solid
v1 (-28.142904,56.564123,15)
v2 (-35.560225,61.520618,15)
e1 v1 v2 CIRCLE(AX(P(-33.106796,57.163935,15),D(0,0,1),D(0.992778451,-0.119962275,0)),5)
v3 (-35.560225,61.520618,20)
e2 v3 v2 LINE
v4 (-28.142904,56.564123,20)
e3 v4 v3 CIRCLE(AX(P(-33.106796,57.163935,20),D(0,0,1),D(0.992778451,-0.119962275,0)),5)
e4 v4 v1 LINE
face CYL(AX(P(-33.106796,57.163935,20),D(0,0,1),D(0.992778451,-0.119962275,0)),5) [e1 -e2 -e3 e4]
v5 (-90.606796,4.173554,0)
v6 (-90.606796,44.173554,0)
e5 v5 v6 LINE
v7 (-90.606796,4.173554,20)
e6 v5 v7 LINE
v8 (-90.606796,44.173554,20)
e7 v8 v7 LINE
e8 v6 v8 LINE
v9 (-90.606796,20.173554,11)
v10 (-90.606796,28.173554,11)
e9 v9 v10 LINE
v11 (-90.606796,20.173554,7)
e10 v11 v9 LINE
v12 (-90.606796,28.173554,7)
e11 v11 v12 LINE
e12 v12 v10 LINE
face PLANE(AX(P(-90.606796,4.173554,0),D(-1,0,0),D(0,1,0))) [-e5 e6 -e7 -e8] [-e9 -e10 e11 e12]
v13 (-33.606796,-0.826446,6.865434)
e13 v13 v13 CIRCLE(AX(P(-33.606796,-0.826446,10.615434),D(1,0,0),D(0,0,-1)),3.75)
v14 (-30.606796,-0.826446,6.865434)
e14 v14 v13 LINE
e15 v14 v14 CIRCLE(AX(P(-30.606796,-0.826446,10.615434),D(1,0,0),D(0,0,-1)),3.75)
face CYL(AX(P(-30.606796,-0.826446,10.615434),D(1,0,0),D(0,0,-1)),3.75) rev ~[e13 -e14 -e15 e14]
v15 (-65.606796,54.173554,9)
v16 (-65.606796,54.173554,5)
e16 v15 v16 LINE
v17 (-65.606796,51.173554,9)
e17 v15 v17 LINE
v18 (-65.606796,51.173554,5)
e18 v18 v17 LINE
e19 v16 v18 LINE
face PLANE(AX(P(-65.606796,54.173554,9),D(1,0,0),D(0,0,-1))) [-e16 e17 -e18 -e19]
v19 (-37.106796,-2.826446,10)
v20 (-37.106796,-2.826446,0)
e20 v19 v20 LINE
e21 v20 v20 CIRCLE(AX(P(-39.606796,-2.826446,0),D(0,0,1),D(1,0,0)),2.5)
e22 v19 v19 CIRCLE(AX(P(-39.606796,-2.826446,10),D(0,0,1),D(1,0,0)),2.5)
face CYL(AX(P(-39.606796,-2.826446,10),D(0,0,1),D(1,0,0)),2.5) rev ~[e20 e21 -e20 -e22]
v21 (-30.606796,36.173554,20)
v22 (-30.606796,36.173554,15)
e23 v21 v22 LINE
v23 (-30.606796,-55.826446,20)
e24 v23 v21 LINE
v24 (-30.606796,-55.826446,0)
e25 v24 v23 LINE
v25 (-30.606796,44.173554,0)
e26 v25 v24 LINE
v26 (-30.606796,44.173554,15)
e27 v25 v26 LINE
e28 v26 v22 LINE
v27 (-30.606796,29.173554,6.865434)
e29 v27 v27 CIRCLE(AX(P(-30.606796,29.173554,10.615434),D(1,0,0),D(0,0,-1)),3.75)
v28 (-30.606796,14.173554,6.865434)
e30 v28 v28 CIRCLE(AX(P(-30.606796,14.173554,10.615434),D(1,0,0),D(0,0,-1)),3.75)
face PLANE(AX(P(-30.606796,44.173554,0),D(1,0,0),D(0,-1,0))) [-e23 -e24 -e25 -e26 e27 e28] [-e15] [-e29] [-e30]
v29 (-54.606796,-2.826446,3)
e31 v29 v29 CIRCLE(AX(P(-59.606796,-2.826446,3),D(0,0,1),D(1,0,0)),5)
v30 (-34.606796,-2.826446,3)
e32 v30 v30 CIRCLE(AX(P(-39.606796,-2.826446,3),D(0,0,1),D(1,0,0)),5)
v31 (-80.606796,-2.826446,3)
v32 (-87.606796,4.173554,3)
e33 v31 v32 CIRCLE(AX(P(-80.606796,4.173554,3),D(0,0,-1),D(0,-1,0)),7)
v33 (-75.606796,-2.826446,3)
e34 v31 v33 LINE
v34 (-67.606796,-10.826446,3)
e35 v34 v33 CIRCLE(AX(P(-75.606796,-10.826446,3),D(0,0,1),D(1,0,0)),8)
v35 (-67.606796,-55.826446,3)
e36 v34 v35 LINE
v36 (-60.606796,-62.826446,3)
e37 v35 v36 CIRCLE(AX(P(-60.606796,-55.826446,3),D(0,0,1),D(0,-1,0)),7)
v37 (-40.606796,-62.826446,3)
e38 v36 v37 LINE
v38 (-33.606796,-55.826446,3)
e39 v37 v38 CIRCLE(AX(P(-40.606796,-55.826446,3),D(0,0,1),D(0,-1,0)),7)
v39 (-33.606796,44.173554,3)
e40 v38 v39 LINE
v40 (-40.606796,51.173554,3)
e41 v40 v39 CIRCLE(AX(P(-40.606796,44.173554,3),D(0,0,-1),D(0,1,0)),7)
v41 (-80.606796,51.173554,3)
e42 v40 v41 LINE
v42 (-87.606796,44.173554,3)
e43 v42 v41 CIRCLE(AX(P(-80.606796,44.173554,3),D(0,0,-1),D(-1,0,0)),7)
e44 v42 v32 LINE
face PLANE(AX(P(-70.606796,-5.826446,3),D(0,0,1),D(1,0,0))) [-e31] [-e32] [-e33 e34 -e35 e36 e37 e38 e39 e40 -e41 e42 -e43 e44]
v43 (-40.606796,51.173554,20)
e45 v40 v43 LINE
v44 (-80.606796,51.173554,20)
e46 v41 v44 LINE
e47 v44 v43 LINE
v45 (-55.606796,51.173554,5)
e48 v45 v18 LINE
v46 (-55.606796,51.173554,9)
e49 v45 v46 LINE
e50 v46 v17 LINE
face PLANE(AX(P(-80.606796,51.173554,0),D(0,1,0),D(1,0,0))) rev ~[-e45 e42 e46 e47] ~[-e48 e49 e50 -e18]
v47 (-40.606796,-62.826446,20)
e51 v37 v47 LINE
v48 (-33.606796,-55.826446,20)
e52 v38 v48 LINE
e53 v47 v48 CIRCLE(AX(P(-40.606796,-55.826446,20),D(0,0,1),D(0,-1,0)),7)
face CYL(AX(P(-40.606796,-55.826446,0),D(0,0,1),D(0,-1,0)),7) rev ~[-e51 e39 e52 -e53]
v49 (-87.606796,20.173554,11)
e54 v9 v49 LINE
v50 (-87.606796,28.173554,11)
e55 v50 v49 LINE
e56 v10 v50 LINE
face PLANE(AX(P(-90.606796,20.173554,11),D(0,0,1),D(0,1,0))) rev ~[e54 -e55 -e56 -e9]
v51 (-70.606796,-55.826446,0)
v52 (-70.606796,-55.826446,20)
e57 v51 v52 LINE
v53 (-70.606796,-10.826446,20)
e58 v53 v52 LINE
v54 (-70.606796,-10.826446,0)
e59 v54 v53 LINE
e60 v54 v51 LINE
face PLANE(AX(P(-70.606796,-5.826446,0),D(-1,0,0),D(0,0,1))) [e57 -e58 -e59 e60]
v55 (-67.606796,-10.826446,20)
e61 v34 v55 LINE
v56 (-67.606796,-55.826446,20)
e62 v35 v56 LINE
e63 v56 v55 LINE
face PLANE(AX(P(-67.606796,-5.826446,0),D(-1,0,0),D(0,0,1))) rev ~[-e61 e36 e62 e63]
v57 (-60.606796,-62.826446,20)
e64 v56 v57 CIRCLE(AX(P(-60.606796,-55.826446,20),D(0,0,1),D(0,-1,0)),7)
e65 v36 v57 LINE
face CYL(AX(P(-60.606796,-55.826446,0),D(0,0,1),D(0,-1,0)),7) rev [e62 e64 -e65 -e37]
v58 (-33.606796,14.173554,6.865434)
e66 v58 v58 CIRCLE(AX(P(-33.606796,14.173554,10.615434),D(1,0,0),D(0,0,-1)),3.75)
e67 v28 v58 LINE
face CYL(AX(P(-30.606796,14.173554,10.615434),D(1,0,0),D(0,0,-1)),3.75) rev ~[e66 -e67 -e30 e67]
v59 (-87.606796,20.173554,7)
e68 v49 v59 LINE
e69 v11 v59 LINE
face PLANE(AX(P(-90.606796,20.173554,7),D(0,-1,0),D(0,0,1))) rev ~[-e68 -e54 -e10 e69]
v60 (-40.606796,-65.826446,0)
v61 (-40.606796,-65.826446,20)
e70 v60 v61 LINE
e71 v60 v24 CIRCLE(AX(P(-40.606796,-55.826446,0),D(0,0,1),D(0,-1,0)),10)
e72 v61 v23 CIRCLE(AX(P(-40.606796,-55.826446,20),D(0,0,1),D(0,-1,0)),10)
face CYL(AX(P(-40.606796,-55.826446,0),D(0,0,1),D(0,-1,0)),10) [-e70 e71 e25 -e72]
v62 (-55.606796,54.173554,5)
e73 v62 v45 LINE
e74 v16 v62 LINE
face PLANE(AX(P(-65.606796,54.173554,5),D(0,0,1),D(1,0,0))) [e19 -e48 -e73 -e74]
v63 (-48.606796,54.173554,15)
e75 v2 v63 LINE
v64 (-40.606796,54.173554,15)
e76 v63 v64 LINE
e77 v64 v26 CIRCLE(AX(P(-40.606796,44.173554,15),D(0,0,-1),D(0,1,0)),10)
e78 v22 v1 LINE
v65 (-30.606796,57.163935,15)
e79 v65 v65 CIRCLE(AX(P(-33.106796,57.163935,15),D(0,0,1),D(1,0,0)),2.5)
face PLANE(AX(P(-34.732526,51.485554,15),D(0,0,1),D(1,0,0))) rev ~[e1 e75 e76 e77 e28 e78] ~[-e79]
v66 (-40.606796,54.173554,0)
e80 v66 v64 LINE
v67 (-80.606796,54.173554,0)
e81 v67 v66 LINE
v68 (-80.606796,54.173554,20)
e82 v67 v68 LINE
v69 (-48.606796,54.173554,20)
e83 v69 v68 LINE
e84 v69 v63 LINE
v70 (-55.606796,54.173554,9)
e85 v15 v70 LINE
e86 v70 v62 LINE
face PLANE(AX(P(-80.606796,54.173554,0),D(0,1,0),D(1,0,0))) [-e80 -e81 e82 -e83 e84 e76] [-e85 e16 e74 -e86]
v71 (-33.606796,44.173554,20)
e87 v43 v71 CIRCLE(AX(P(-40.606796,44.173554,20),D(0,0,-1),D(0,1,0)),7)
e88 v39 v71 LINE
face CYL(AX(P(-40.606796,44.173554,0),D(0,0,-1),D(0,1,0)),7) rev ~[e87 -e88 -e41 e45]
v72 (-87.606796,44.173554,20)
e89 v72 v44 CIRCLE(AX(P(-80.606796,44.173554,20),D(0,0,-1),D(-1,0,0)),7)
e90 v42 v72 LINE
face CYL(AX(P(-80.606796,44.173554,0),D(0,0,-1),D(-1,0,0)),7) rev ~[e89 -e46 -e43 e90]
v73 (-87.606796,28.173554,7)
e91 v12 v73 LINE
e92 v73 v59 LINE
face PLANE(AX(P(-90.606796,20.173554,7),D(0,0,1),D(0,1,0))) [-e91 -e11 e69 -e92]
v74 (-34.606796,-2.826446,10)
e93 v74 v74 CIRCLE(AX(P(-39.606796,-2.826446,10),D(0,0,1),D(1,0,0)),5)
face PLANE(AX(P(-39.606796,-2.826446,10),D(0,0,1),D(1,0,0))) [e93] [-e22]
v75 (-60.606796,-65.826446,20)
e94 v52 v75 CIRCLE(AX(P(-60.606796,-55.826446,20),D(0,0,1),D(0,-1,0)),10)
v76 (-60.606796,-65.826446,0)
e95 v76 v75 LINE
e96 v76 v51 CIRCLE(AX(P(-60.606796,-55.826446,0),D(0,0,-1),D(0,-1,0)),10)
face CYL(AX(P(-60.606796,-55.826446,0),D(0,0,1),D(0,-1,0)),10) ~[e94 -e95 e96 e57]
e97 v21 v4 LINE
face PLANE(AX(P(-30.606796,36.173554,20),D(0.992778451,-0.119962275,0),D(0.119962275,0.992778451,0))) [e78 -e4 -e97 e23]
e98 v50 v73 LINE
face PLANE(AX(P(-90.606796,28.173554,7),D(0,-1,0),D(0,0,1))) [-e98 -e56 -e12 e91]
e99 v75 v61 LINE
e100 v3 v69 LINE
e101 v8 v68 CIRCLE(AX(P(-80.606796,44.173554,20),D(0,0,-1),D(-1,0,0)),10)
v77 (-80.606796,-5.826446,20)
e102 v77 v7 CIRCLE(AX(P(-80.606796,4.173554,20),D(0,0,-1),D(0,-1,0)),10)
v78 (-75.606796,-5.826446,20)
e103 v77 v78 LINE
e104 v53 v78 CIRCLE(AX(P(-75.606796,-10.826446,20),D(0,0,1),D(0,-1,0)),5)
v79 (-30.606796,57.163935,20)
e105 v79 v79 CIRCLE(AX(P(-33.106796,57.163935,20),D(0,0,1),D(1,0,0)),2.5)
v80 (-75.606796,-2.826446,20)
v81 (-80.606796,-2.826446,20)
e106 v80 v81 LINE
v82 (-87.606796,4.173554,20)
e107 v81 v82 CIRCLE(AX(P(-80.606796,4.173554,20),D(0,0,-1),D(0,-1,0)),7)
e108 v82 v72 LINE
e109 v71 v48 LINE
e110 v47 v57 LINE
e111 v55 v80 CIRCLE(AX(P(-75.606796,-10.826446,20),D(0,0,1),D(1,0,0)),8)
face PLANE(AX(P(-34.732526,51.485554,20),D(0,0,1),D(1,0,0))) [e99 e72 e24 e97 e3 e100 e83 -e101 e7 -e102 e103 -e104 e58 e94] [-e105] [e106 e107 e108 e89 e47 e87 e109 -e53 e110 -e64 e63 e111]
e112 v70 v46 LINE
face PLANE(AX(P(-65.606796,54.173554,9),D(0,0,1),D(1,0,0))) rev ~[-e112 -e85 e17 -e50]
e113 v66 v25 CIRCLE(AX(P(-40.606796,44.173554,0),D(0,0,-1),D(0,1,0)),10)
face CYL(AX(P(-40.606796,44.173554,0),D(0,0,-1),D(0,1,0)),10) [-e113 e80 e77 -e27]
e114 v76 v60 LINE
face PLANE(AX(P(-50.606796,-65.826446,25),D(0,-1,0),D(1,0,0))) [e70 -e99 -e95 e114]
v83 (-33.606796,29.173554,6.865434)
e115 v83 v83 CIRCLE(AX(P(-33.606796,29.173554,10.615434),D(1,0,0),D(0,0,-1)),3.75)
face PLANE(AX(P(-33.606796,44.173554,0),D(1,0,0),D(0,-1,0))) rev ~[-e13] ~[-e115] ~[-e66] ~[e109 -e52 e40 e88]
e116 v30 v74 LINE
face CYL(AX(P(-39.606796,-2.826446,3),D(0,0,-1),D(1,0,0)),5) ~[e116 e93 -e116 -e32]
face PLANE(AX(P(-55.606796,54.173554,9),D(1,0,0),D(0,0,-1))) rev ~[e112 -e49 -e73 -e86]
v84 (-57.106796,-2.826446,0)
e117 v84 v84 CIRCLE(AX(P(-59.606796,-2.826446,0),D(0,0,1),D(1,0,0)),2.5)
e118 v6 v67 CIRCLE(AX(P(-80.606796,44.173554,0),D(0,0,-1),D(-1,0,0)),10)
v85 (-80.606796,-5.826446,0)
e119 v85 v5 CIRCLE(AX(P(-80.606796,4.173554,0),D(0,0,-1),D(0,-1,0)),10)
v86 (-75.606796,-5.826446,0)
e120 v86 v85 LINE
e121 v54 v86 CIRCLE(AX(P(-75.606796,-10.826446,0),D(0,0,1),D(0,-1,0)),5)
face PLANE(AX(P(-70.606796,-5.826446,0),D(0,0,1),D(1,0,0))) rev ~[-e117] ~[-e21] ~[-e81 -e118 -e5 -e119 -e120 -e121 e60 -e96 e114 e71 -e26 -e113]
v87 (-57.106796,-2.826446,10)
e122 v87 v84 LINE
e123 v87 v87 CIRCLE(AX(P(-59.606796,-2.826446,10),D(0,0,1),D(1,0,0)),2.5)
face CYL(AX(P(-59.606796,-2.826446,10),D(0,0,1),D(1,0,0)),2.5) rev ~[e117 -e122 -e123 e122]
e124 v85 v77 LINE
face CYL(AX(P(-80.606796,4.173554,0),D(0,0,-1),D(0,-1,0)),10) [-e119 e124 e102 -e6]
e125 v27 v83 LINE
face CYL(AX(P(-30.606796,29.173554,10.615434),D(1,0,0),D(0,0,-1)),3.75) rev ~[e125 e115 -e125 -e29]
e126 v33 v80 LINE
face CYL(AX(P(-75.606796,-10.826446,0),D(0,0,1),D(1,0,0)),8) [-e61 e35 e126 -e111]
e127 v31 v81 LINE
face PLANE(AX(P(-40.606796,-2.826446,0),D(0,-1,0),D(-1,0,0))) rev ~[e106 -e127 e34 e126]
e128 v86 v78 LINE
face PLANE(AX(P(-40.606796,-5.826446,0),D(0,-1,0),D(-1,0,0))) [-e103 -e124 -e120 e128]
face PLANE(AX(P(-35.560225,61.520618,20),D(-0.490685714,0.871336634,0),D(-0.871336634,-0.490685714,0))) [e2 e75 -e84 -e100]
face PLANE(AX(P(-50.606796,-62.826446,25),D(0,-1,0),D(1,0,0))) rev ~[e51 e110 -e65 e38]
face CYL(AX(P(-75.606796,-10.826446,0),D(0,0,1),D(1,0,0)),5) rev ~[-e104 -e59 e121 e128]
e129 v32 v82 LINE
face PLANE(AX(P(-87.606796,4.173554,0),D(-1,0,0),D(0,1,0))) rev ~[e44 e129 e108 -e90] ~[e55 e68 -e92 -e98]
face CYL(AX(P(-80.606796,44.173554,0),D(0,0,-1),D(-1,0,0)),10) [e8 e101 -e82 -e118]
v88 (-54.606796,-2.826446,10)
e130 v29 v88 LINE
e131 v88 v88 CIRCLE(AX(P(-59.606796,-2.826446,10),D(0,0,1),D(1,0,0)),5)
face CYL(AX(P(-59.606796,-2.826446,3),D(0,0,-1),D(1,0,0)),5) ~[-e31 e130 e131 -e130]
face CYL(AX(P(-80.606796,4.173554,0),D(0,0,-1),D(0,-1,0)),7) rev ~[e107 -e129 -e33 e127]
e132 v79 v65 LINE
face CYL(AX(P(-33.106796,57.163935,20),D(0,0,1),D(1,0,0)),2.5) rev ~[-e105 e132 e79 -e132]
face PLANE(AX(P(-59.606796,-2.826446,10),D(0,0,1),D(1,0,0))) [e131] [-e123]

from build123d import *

# Parameters (mm, degrees)
SALIENTE_EXTRUIR1_DEPTH      = 50
SALIENTE_EXTRUIR2_DEPTH      = 60
SALIENTE_EXTRUIR2_DEPTH_BACK = 31
CROQUIS2_W                   = 40
CROQUIS2_H                   = 50
REDONDEO1_R                  = 10
REDONDEO2_R                  = 10
CORTAR_EXTRUIR2_DEPTH        = 76
REDONDEO6_R                  = 5
VACIADO2_T                   = -3
CROQUIS4_R                   = 5
SALIENTE_EXTRUIR3_DEPTH      = 7
CROQUIS5_R                   = 2.5
CORTAR_EXTRUIR3_DEPTH        = 113.43981765
SALIENTE_EXTRUIR4_START      = -5
SALIENTE_EXTRUIR4_DEPTH      = 5
CROQUIS6_4_R                 = 2.5
CORTAR_EXTRUIR4_DEPTH        = 114.766043234
CORTAR_EXTRUIR7_REACH        = 93.286
CROQUIS8_R                   = 3.75
CORTAR_EXTRUIR8_REACH        = 94.948
CROQUIS9_W                   = 4
CROQUIS9_H                   = 8
CORTAR_EXTRUIR9_REACH        = 153.689
CROQUIS10_W                  = 10
CROQUIS10_H                  = 4


with BuildPart() as part:
    # Croquis1 → Saliente-Extruir1 (new body)
    with BuildSketch(Plane.XY):
        with BuildLine():
            Line((-80.606796451, 54.173553719), (-40.606796451, 54.173553719))
            ThreePointArc((-40.606796451, 54.173553719), (-33.53572864, 51.244621531), (-30.606796451, 44.173553719))
            Line((-30.606796451, 44.173553719), (-30.606796451, 4.173553719))
            ThreePointArc((-30.606796451, 4.173553719), (-33.53572864, -2.897514093), (-40.606796451, -5.826446281))
            Line((-40.606796451, -5.826446281), (-80.606796451, -5.826446281))
            ThreePointArc((-80.606796451, -5.826446281), (-87.677864263, -2.897514093), (-90.606796451, 4.173553719))
            Line((-90.606796451, 4.173553719), (-90.606796451, 44.173553719))
            ThreePointArc((-90.606796451, 44.173553719), (-87.677864263, 51.244621531), (-80.606796451, 54.173553719))
        make_face()
    extrude(amount=SALIENTE_EXTRUIR1_DEPTH)

    # Croquis2 → Saliente-Extruir2 (add, two sides: drawn at the far end of the back side and taken through both)
    with BuildSketch(Plane.XZ.offset(5.826446281).offset(-SALIENTE_EXTRUIR2_DEPTH_BACK)):
        with Locations((-50.606796451, 25)):
            Rectangle(CROQUIS2_W, CROQUIS2_H)
    extrude(amount=SALIENTE_EXTRUIR2_DEPTH + SALIENTE_EXTRUIR2_DEPTH_BACK)

    # Redondeo1
    redondeo1_edges = [part.edges().sort_by_distance(p)[0] for p in [
        (-30.606796451, -65.826446281, 25),
    ]]
    fillet(redondeo1_edges, radius=REDONDEO1_R)

    # Redondeo2
    redondeo2_edges = [part.edges().sort_by_distance(p)[0] for p in [
        (-70.606796451, -65.826446281, 25),
    ]]
    fillet(redondeo2_edges, radius=REDONDEO2_R)

    # Croquis3 → Cortar-Extruir2 (cut)
    with BuildSketch(Plane(origin=(-30.606796451, 0, 0), x_dir=(0, 0, -1), z_dir=(1, 0, 0))):
        Polygon((-20, -55.826446281), (-20, 57.222275959), (-50, 57.222275959), (-50, -55.826446281), (-50, -71.304791729), (-20, -71.304791729), align=None)
    extrude(amount=-CORTAR_EXTRUIR2_DEPTH, mode=Mode.SUBTRACT)

    # Redondeo6
    redondeo6_edges = [part.edges().sort_by_distance(p)[0] for p in [
        (-70.606796451, -5.826446281, 10),
    ]]
    fillet(redondeo6_edges, radius=REDONDEO6_R)

    # Vaciado2
    vaciado2_openings = [part.faces().sort_by_distance(p)[0] for p in [
        (-56.519519035, 0.268108162, 20),
    ]]
    offset(amount=VACIADO2_T, openings=vaciado2_openings, kind=Kind.INTERSECTION)

    # Croquis4 → Saliente-Extruir3 (add)
    with BuildSketch(Plane.XY.offset(3)):
        with Locations((-39.606796451, -2.826446281)):
            Circle(CROQUIS4_R)
        with Locations((-59.606796451, -2.826446281)):
            Circle(CROQUIS4_R)
    extrude(amount=SALIENTE_EXTRUIR3_DEPTH)

    # Croquis5 → Cortar-Extruir3 (cut, through all)
    with BuildSketch(Plane.XY.offset(10)):
        with Locations((-59.606796451, -2.826446281)):
            Circle(CROQUIS5_R)
        with Locations((-39.606796451, -2.826446281)):
            Circle(CROQUIS5_R)
    extrude(amount=-CORTAR_EXTRUIR3_DEPTH, mode=Mode.SUBTRACT)

    # Croquis6 → Saliente-Extruir4 (add)
    with BuildSketch(Plane.XY.offset(20).offset(SALIENTE_EXTRUIR4_START)):
        with BuildLine():
            Line((-35.560225021, 61.520617947), (-48.606796451, 54.173553719))
            Line((-48.606796451, 54.173553719), (-40.606796451, 54.173553719))
            ThreePointArc((-40.606796451, 54.173553719), (-33.53572864, 51.244621531), (-30.606796451, 44.173553719))
            Line((-30.606796451, 44.173553719), (-30.606796451, 36.173553719))
            Line((-30.606796451, 36.173553719), (-28.142904197, 56.564123399))
            ThreePointArc((-28.142904197, 56.564123399), (-30.328790596, 61.321179473), (-35.560225021, 61.520617947))
        make_face()
    extrude(amount=SALIENTE_EXTRUIR4_DEPTH)

    # Croquis6<4> → Cortar-Extruir4 (cut, through all)
    with BuildSketch(Plane.XY.offset(20)):
        with Locations((-33.106796451, 57.163934776)):
            Circle(CROQUIS6_4_R)
    extrude(amount=-CORTAR_EXTRUIR4_DEPTH, mode=Mode.SUBTRACT)

    # Croquis8 → Cortar-Extruir7 (cut, up to next)
    with BuildSketch(Plane(origin=(-30.606796451, 0, 0), x_dir=(0, 0, -1), z_dir=(1, 0, 0)), mode=Mode.PRIVATE) as cortar_extruir7_sk1:
        with Locations((-10.615433885, 29.173553719)):
            Circle(CROQUIS8_R)
    cortar_extruir7_tool1 = extrude(cortar_extruir7_sk1.sketch, amount=-CORTAR_EXTRUIR7_REACH, mode=Mode.PRIVATE) & part.part
    # Croquis8 → Cortar-Extruir7 (cut, up to next)
    with BuildSketch(Plane(origin=(-30.606796451, 0, 0), x_dir=(0, 0, -1), z_dir=(1, 0, 0)), mode=Mode.PRIVATE) as cortar_extruir7_sk2:
        with Locations((-10.615433885, 14.173553719)):
            Circle(CROQUIS8_R)
    cortar_extruir7_tool2 = extrude(cortar_extruir7_sk2.sketch, amount=-CORTAR_EXTRUIR7_REACH, mode=Mode.PRIVATE) & part.part
    # Croquis8 → Cortar-Extruir7 (cut, up to next)
    with BuildSketch(Plane(origin=(-30.606796451, 0, 0), x_dir=(0, 0, -1), z_dir=(1, 0, 0)), mode=Mode.PRIVATE) as cortar_extruir7_sk3:
        with Locations((-10.615433885, -0.826446281)):
            Circle(CROQUIS8_R)
    cortar_extruir7_tool3 = extrude(cortar_extruir7_sk3.sketch, amount=-CORTAR_EXTRUIR7_REACH, mode=Mode.PRIVATE) & part.part
    add(cortar_extruir7_tool1.solids().sort_by_distance((-30.606796, 29.173554, 10.615434))[0], mode=Mode.SUBTRACT)
    add(cortar_extruir7_tool2.solids().sort_by_distance((-30.606796, 14.173554, 10.615434))[0], mode=Mode.SUBTRACT)
    add(cortar_extruir7_tool3.solids().sort_by_distance((-30.606796, -0.826446, 10.615434))[0], mode=Mode.SUBTRACT)

    # Croquis9 → Cortar-Extruir8 (cut, up to next)
    with BuildSketch(Plane.ZY.offset(90.606796451), mode=Mode.PRIVATE) as cortar_extruir8_sk1:
        with Locations((9, 24.173553719)):
            Rectangle(CROQUIS9_W, CROQUIS9_H)
    cortar_extruir8_tool1 = extrude(cortar_extruir8_sk1.sketch, amount=-CORTAR_EXTRUIR8_REACH, mode=Mode.PRIVATE) & part.part
    add(cortar_extruir8_tool1.solids().sort_by_distance((-90.606796, 24.173554, 9))[0], mode=Mode.SUBTRACT)

    # Croquis10 → Cortar-Extruir9 (cut, up to next)
    with BuildSketch(Plane(origin=(0, 54.173553719, 0), x_dir=(1, 0, 0), z_dir=(0, 1, 0)), mode=Mode.PRIVATE) as cortar_extruir9_sk1:
        with Locations((-60.606796451, -7)):
            Rectangle(CROQUIS10_W, CROQUIS10_H)
    cortar_extruir9_tool1 = extrude(cortar_extruir9_sk1.sketch, amount=-CORTAR_EXTRUIR9_REACH, mode=Mode.PRIVATE) & part.part
    add(cortar_extruir9_tool1.solids().sort_by_distance((-60.606796, 54.173554, 7))[0], mode=Mode.SUBTRACT)


solid = part.part
